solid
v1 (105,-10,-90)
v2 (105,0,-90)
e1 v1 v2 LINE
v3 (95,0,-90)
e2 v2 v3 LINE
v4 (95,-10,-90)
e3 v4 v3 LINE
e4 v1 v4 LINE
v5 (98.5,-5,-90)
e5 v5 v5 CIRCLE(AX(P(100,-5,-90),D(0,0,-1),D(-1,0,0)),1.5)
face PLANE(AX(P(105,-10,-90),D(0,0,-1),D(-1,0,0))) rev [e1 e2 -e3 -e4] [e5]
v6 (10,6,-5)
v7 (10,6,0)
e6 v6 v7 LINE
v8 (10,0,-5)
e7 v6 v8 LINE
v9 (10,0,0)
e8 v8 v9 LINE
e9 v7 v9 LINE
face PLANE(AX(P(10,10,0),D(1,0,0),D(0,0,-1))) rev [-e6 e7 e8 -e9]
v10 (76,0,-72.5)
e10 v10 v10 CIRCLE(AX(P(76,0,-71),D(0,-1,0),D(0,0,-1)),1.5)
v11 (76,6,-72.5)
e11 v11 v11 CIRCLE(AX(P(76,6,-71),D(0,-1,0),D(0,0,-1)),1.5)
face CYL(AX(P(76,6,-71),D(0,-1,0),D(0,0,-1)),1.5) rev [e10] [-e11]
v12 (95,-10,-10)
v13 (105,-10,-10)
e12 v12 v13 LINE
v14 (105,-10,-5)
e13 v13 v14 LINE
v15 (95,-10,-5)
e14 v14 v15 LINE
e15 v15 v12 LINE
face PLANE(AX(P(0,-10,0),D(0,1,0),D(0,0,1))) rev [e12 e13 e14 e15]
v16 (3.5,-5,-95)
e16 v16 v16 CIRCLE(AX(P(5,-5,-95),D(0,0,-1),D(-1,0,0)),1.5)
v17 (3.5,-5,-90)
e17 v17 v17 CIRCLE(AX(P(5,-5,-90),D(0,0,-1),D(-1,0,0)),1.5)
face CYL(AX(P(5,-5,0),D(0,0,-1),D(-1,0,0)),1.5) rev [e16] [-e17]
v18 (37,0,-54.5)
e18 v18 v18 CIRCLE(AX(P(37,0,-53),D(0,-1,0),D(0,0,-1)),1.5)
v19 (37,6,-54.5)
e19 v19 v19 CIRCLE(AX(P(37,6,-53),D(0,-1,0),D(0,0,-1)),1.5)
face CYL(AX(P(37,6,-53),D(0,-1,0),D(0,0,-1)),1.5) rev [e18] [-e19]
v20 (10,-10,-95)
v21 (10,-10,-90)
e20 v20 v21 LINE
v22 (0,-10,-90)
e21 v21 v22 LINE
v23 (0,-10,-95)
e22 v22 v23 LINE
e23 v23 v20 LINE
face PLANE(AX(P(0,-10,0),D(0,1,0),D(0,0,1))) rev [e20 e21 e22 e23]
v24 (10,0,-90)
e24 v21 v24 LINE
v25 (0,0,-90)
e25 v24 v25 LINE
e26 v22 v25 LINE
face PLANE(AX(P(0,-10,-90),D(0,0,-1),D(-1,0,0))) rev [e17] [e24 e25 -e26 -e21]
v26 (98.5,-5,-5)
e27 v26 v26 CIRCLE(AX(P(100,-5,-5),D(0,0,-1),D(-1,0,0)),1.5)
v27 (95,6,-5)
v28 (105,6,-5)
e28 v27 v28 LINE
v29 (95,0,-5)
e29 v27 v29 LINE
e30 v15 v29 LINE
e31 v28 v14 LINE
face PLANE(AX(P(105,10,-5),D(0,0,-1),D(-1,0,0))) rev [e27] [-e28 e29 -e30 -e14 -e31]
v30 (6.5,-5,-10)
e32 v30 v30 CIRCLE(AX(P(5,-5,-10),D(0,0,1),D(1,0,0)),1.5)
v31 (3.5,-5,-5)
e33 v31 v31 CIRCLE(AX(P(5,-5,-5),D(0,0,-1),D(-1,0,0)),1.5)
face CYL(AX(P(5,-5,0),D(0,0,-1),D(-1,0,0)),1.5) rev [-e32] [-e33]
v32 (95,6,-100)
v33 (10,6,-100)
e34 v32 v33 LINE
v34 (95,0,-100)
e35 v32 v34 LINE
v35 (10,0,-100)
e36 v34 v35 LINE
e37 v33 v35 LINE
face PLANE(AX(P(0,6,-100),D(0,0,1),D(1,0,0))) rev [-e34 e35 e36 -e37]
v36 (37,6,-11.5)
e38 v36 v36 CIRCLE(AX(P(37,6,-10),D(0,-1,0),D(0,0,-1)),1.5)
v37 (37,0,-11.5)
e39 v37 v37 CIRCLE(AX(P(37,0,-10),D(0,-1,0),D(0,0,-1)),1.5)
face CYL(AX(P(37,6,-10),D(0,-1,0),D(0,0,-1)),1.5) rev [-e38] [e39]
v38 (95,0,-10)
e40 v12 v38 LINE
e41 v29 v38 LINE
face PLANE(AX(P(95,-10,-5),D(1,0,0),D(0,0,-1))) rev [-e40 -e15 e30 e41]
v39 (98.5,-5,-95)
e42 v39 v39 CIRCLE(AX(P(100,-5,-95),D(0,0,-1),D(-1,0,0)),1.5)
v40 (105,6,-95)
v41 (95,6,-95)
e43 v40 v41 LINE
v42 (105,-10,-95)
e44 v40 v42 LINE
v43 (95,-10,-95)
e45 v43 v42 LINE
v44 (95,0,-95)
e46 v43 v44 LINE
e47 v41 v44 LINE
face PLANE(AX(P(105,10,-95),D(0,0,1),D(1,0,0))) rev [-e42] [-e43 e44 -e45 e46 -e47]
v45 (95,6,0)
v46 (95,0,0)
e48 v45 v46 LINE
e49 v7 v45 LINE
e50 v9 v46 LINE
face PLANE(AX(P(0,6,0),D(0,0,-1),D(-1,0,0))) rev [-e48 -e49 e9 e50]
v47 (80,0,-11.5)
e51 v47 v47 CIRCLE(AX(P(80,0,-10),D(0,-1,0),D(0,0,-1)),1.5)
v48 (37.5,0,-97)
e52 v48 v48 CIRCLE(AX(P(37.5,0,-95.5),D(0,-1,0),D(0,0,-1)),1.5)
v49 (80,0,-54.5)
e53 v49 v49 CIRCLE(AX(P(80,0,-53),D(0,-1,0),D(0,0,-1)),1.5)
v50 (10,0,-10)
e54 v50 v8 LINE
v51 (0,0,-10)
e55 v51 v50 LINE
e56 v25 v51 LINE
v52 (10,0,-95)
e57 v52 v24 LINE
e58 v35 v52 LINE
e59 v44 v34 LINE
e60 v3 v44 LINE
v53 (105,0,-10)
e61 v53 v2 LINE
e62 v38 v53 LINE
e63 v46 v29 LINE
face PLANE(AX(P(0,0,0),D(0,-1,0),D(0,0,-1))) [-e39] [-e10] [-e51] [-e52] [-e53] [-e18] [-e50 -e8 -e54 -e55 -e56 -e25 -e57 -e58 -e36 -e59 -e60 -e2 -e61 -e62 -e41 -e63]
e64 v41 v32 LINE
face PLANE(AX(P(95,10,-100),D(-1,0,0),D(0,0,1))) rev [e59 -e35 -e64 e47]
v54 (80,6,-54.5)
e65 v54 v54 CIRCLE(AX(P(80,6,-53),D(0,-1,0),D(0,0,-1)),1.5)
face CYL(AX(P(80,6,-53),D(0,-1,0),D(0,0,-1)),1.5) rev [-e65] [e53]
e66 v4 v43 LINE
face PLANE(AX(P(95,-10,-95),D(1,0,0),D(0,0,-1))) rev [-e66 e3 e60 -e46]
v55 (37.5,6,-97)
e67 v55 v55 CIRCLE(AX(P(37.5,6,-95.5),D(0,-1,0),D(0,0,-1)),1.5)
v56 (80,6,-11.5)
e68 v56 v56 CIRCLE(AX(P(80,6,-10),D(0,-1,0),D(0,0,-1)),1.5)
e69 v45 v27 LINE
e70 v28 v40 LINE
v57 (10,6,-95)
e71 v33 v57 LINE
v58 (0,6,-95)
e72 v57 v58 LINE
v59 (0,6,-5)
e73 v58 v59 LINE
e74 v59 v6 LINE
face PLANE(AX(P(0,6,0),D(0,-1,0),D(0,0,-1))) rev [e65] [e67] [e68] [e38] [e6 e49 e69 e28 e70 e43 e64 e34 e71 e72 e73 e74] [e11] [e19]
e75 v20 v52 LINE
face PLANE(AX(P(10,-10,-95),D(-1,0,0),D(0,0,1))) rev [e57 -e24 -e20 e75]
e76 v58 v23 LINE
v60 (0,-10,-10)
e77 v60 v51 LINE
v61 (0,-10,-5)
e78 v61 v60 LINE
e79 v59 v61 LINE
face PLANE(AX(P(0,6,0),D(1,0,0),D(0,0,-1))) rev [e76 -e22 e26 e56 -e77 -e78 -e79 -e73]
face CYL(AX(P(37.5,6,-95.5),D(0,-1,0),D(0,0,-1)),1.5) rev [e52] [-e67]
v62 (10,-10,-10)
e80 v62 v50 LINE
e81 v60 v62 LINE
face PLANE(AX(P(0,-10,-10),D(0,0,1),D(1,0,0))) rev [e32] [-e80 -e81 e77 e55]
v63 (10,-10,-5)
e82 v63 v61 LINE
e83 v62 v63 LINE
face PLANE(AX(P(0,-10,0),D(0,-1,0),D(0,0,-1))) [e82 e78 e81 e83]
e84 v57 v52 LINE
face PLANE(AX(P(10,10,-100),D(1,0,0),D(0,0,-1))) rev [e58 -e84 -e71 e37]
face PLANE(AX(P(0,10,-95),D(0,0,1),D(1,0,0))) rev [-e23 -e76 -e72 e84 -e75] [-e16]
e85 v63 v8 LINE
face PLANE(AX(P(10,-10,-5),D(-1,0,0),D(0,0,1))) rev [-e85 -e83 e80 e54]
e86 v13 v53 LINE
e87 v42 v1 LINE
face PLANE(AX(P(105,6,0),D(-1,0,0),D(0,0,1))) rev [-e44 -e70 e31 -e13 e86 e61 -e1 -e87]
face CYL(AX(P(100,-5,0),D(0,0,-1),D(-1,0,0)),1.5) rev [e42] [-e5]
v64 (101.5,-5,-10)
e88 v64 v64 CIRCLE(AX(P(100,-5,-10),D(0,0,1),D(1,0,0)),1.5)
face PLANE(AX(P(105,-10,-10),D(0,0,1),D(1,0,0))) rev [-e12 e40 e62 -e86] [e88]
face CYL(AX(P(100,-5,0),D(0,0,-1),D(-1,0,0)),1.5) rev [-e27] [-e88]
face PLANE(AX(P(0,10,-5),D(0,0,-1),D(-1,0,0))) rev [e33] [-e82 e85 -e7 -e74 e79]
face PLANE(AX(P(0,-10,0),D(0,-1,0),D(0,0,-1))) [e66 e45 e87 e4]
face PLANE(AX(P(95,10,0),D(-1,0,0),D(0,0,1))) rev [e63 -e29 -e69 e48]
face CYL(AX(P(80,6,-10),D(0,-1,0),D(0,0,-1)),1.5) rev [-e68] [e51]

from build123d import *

# Parameters (mm, degrees)
SKETCH1_W           = 105
SKETCH1_H           = 100
BOSS_EXTRUDE1_DEPTH = 6
SKETCH2_W           = 10
SKETCH2_H           = 5
CUT_EXTRUDE1_DEPTH  = 10
SKETCH3_W           = 10
SKETCH3_H           = 5
BOSS_EXTRUDE2_DEPTH = 10
SKETCH4_R           = 1.5
CUT_EXTRUDE2_DEPTH  = 142.950695666
SKETCH5_R           = 1.5
CUT_EXTRUDE4_DEPTH  = 6
SKETCH6_R           = 1.5
CUT_EXTRUDE5_DEPTH  = 6


with BuildPart() as part:
    # Sketch1 → Boss-Extrude1 (new body)
    with BuildSketch(Plane(origin=(0, 0, 0), x_dir=(1, 0, 0), z_dir=(0, 1, 0))):
        with Locations((52.5, 50)):
            Rectangle(SKETCH1_W, SKETCH1_H)
    extrude(amount=BOSS_EXTRUDE1_DEPTH)

    # Sketch2 → Cut-Extrude1 (cut)
    with BuildSketch(Plane.XZ):
        with Locations((100, -97.5)):
            Rectangle(SKETCH2_W, SKETCH2_H)
        with Locations((5, -97.5)):
            Rectangle(SKETCH2_W, SKETCH2_H)
        with Locations((100, -2.5)):
            Rectangle(SKETCH2_W, SKETCH2_H)
        with Locations((5, -2.5)):
            Rectangle(SKETCH2_W, SKETCH2_H)
    extrude(amount=-CUT_EXTRUDE1_DEPTH, mode=Mode.SUBTRACT)

    # Sketch3 → Boss-Extrude2 (add)
    with BuildSketch(Plane(origin=(0, 0, 0), x_dir=(-1, 0, 0), z_dir=(0, -1, 0))):
        with Locations((-100, 92.5)):
            Rectangle(SKETCH3_W, SKETCH3_H)
        with Locations((-100, 7.5)):
            Rectangle(SKETCH3_W, SKETCH3_H)
        with Locations((-5, 7.5)):
            Rectangle(SKETCH3_W, SKETCH3_H)
        with Locations((-5, 92.5)):
            Rectangle(SKETCH3_W, SKETCH3_H)
    extrude(amount=BOSS_EXTRUDE2_DEPTH)

    # Sketch4 → Cut-Extrude2 (cut, through all)
    with BuildSketch(Plane(origin=(0, 0, -95), x_dir=(-1, 0, 0), z_dir=(0, 0, -1))):
        with Locations((-100, -5)):
            Circle(SKETCH4_R)
        with Locations((-5, -5)):
            Circle(SKETCH4_R)
    extrude(amount=-CUT_EXTRUDE2_DEPTH, mode=Mode.SUBTRACT)

    # Sketch5 → Cut-Extrude4 (cut)
    with BuildSketch(Plane(origin=(0, 0, 0), x_dir=(-1, 0, 0), z_dir=(0, -1, 0))):
        with Locations(Location((-37, 10, 0), (0, 0, 90))):
            Circle(SKETCH5_R)
        with Locations(Location((-37, 53, 0), (0, 0, 90))):
            Circle(SKETCH5_R)
        with Locations(Location((-80, 53, 0), (0, 0, 90))):
            Circle(SKETCH5_R)
        with Locations(Location((-80, 10, 0), (0, 0, 90))):
            Circle(SKETCH5_R)
    extrude(amount=-CUT_EXTRUDE4_DEPTH, mode=Mode.SUBTRACT)

    # Sketch6 → Cut-Extrude5 (cut)
    with BuildSketch(Plane(origin=(0, 0, 0), x_dir=(-1, 0, 0), z_dir=(0, -1, 0))):
        with Locations(Location((-37.5, 95.5, 0), (0, 0, 90))):
            Circle(SKETCH6_R)
        with Locations(Location((-76, 71, 0), (0, 0, 90))):
            Circle(SKETCH6_R)
    extrude(amount=-CUT_EXTRUDE5_DEPTH, mode=Mode.SUBTRACT)


solid = part.part
